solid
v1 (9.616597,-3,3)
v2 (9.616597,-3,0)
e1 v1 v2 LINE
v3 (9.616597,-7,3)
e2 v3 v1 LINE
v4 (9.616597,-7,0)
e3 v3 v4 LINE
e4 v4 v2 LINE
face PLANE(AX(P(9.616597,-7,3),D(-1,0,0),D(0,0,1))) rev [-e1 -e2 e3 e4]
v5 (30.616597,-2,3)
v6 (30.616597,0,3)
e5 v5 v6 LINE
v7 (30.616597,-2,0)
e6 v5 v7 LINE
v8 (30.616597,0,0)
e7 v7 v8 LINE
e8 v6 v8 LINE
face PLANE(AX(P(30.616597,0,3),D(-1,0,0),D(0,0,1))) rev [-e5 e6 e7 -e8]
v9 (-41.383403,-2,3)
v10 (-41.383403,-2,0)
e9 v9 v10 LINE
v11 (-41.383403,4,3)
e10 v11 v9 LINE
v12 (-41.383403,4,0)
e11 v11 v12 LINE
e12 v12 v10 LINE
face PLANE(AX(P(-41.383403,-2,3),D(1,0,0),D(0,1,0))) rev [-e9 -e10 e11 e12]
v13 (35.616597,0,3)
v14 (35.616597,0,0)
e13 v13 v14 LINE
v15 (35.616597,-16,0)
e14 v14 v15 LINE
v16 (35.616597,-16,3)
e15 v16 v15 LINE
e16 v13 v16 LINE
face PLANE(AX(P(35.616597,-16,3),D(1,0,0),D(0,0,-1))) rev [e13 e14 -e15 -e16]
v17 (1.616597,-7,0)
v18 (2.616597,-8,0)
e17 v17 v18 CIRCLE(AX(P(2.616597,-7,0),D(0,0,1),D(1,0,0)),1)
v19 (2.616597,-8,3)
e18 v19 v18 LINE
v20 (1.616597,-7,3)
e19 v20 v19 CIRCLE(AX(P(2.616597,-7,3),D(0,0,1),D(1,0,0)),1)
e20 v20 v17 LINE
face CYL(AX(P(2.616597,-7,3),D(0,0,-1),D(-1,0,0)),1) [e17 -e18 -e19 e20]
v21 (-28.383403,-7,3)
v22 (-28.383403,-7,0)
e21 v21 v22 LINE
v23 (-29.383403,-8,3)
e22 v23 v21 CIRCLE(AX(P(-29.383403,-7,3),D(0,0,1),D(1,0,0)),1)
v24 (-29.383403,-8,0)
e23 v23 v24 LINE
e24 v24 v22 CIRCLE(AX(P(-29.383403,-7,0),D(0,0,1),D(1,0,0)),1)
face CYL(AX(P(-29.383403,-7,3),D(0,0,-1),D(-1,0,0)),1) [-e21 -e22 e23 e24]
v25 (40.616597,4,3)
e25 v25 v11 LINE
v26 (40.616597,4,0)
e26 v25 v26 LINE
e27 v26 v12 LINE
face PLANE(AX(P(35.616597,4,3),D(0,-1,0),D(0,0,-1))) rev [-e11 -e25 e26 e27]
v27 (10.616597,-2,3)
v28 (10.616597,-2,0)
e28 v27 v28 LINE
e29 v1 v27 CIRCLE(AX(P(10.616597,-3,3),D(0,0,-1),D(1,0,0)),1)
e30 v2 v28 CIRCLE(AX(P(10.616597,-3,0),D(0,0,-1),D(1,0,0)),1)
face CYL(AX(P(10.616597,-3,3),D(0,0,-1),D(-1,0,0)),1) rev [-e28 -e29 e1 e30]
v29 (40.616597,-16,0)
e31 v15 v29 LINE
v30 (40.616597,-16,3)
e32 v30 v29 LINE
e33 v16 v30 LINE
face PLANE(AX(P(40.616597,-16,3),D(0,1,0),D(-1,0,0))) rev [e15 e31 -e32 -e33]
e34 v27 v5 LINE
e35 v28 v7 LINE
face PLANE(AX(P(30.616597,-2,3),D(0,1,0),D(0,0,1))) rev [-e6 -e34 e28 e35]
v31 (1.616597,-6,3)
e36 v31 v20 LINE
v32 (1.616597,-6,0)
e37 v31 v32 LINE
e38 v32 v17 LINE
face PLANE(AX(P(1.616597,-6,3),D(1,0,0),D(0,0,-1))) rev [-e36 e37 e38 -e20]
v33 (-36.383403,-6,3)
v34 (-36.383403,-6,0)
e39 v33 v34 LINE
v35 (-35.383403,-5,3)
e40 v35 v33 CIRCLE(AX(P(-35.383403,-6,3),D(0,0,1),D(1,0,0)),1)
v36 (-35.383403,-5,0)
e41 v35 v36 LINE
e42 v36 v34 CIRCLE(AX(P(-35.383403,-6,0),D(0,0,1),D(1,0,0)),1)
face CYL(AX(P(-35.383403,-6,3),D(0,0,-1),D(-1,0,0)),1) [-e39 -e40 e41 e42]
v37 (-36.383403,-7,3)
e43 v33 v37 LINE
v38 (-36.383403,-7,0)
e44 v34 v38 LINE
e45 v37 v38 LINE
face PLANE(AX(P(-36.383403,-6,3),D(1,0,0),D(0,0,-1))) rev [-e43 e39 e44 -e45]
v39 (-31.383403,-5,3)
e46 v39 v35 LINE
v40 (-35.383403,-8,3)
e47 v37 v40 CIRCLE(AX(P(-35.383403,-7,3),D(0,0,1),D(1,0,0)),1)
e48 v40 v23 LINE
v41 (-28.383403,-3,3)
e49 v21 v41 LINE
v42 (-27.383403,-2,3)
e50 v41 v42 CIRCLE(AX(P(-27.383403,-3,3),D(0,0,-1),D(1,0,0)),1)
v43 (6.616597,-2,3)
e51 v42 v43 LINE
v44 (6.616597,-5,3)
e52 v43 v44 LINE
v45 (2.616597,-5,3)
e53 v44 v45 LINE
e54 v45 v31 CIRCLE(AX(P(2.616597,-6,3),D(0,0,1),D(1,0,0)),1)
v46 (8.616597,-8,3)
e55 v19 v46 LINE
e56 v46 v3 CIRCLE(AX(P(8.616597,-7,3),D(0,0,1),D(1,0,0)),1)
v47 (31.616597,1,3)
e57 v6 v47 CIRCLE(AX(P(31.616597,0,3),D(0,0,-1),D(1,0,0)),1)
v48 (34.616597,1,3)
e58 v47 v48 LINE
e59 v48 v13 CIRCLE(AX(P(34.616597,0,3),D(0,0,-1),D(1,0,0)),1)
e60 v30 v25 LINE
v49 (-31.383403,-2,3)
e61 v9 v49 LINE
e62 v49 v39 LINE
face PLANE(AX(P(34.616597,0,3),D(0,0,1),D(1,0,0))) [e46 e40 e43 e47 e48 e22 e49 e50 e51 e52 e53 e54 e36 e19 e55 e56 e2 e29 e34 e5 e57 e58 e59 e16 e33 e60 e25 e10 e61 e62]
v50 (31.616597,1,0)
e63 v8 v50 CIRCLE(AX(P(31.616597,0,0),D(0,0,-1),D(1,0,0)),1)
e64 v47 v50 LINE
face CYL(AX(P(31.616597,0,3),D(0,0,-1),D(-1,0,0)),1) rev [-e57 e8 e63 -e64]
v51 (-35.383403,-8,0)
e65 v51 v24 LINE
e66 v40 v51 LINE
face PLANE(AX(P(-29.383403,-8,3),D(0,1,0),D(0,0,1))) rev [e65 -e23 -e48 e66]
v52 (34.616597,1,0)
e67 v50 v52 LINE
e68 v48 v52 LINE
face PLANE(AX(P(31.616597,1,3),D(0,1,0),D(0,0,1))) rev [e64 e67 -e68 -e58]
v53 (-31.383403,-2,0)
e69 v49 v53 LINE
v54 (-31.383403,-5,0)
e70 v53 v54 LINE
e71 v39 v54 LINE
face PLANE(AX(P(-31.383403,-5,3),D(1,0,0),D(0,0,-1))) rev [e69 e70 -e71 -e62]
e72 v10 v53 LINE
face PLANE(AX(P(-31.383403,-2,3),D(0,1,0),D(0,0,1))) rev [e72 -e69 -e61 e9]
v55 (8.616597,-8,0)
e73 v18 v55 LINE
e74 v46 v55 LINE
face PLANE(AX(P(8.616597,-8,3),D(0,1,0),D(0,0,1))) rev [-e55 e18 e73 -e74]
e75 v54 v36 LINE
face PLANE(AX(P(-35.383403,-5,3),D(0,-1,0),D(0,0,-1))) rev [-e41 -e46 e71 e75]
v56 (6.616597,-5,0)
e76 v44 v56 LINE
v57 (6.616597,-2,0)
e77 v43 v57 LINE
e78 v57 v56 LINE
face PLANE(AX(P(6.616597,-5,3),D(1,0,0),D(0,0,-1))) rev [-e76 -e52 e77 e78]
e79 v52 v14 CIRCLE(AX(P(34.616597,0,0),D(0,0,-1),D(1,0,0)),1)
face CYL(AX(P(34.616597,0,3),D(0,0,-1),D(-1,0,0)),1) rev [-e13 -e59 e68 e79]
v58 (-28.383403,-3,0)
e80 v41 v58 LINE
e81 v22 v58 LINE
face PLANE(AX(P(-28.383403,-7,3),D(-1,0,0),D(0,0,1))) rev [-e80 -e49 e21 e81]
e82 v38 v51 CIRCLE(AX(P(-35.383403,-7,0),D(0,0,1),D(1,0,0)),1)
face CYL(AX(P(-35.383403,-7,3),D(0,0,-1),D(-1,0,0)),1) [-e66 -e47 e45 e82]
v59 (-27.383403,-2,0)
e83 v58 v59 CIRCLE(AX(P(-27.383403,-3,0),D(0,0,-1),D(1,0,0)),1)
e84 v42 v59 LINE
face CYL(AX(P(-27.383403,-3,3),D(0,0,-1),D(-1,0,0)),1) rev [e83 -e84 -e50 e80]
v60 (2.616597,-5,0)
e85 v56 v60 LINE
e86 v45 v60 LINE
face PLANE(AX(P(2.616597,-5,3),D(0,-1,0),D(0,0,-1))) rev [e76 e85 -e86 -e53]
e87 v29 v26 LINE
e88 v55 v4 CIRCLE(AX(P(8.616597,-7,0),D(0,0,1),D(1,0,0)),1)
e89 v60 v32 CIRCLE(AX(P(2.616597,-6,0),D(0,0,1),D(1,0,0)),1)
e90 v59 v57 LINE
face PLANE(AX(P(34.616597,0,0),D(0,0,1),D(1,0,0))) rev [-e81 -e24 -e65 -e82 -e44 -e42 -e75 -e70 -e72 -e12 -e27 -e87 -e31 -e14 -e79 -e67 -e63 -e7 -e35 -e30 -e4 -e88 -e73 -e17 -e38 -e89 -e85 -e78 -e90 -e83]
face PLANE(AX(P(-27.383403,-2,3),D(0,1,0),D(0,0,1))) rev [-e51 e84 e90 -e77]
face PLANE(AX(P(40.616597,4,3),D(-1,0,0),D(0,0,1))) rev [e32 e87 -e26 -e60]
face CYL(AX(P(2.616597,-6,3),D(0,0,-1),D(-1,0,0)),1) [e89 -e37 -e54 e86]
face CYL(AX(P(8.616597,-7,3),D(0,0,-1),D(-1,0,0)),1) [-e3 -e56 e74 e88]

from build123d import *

# Parameters (mm, degrees)
BOSS_EXTRUDE1_DEPTH = 3


with BuildPart() as part:
    # Sketch3 → Boss-Extrude1 (new body)
    with BuildSketch(Plane.XY):
        with BuildLine():
            Line((29.616597331, 4), (-41.383402669, 4))
            Line((-41.383402669, 4), (-41.383402669, 1))
            Line((-41.383402669, 1), (-41.383402669, -2))
            Line((-41.383402669, -2), (-31.383402669, -2))
            Line((-31.383402669, -2), (-31.383402669, -5))
            Line((-31.383402669, -5), (-35.383402669, -5))
            ThreePointArc((-35.383402669, -5), (-36.09050945, -5.292893219), (-36.383402669, -6))
            Line((-36.383402669, -6), (-36.383402669, -7))
            ThreePointArc((-36.383402669, -7), (-36.09050945, -7.707106781), (-35.383402669, -8))
            Line((-35.383402669, -8), (-29.383402669, -8))
            ThreePointArc((-29.383402669, -8), (-28.676295888, -7.707106781), (-28.383402669, -7))
            Line((-28.383402669, -7), (-28.383402669, -3))
            ThreePointArc((-28.383402669, -3), (-28.09050945, -2.292893219), (-27.383402669, -2))
            Line((-27.383402669, -2), (6.616597331, -2))
            Line((6.616597331, -2), (6.616597331, -5))
            Line((6.616597331, -5), (2.616597331, -5))
            ThreePointArc((2.616597331, -5), (1.90949055, -5.292893219), (1.616597331, -6))
            Line((1.616597331, -6), (1.616597331, -7))
            ThreePointArc((1.616597331, -7), (1.90949055, -7.707106781), (2.616597331, -8))
            Line((2.616597331, -8), (8.616597331, -8))
            ThreePointArc((8.616597331, -8), (9.323704112, -7.707106781), (9.616597331, -7))
            Line((9.616597331, -7), (9.616597331, -3))
            ThreePointArc((9.616597331, -3), (9.90949055, -2.292893219), (10.616597331, -2))
            Line((10.616597331, -2), (30.616597331, -2))
            Line((30.616597331, -2), (30.616597331, 0))
            ThreePointArc((30.616597331, 0), (30.90949055, 0.707106781), (31.616597331, 1))
            Line((31.616597331, 1), (34.616597331, 1))
            ThreePointArc((34.616597331, 1), (35.323704112, 0.707106781), (35.616597331, 0))
            Line((35.616597331, 0), (35.616597331, -16))
            Line((35.616597331, -16), (40.616597331, -16))
            Line((40.616597331, -16), (40.616597331, 4))
            Line((40.616597331, 4), (35.616597331, 4))
            Line((35.616597331, 4), (29.616597331, 4))
        make_face()
    extrude(amount=BOSS_EXTRUDE1_DEPTH)


solid = part.part
